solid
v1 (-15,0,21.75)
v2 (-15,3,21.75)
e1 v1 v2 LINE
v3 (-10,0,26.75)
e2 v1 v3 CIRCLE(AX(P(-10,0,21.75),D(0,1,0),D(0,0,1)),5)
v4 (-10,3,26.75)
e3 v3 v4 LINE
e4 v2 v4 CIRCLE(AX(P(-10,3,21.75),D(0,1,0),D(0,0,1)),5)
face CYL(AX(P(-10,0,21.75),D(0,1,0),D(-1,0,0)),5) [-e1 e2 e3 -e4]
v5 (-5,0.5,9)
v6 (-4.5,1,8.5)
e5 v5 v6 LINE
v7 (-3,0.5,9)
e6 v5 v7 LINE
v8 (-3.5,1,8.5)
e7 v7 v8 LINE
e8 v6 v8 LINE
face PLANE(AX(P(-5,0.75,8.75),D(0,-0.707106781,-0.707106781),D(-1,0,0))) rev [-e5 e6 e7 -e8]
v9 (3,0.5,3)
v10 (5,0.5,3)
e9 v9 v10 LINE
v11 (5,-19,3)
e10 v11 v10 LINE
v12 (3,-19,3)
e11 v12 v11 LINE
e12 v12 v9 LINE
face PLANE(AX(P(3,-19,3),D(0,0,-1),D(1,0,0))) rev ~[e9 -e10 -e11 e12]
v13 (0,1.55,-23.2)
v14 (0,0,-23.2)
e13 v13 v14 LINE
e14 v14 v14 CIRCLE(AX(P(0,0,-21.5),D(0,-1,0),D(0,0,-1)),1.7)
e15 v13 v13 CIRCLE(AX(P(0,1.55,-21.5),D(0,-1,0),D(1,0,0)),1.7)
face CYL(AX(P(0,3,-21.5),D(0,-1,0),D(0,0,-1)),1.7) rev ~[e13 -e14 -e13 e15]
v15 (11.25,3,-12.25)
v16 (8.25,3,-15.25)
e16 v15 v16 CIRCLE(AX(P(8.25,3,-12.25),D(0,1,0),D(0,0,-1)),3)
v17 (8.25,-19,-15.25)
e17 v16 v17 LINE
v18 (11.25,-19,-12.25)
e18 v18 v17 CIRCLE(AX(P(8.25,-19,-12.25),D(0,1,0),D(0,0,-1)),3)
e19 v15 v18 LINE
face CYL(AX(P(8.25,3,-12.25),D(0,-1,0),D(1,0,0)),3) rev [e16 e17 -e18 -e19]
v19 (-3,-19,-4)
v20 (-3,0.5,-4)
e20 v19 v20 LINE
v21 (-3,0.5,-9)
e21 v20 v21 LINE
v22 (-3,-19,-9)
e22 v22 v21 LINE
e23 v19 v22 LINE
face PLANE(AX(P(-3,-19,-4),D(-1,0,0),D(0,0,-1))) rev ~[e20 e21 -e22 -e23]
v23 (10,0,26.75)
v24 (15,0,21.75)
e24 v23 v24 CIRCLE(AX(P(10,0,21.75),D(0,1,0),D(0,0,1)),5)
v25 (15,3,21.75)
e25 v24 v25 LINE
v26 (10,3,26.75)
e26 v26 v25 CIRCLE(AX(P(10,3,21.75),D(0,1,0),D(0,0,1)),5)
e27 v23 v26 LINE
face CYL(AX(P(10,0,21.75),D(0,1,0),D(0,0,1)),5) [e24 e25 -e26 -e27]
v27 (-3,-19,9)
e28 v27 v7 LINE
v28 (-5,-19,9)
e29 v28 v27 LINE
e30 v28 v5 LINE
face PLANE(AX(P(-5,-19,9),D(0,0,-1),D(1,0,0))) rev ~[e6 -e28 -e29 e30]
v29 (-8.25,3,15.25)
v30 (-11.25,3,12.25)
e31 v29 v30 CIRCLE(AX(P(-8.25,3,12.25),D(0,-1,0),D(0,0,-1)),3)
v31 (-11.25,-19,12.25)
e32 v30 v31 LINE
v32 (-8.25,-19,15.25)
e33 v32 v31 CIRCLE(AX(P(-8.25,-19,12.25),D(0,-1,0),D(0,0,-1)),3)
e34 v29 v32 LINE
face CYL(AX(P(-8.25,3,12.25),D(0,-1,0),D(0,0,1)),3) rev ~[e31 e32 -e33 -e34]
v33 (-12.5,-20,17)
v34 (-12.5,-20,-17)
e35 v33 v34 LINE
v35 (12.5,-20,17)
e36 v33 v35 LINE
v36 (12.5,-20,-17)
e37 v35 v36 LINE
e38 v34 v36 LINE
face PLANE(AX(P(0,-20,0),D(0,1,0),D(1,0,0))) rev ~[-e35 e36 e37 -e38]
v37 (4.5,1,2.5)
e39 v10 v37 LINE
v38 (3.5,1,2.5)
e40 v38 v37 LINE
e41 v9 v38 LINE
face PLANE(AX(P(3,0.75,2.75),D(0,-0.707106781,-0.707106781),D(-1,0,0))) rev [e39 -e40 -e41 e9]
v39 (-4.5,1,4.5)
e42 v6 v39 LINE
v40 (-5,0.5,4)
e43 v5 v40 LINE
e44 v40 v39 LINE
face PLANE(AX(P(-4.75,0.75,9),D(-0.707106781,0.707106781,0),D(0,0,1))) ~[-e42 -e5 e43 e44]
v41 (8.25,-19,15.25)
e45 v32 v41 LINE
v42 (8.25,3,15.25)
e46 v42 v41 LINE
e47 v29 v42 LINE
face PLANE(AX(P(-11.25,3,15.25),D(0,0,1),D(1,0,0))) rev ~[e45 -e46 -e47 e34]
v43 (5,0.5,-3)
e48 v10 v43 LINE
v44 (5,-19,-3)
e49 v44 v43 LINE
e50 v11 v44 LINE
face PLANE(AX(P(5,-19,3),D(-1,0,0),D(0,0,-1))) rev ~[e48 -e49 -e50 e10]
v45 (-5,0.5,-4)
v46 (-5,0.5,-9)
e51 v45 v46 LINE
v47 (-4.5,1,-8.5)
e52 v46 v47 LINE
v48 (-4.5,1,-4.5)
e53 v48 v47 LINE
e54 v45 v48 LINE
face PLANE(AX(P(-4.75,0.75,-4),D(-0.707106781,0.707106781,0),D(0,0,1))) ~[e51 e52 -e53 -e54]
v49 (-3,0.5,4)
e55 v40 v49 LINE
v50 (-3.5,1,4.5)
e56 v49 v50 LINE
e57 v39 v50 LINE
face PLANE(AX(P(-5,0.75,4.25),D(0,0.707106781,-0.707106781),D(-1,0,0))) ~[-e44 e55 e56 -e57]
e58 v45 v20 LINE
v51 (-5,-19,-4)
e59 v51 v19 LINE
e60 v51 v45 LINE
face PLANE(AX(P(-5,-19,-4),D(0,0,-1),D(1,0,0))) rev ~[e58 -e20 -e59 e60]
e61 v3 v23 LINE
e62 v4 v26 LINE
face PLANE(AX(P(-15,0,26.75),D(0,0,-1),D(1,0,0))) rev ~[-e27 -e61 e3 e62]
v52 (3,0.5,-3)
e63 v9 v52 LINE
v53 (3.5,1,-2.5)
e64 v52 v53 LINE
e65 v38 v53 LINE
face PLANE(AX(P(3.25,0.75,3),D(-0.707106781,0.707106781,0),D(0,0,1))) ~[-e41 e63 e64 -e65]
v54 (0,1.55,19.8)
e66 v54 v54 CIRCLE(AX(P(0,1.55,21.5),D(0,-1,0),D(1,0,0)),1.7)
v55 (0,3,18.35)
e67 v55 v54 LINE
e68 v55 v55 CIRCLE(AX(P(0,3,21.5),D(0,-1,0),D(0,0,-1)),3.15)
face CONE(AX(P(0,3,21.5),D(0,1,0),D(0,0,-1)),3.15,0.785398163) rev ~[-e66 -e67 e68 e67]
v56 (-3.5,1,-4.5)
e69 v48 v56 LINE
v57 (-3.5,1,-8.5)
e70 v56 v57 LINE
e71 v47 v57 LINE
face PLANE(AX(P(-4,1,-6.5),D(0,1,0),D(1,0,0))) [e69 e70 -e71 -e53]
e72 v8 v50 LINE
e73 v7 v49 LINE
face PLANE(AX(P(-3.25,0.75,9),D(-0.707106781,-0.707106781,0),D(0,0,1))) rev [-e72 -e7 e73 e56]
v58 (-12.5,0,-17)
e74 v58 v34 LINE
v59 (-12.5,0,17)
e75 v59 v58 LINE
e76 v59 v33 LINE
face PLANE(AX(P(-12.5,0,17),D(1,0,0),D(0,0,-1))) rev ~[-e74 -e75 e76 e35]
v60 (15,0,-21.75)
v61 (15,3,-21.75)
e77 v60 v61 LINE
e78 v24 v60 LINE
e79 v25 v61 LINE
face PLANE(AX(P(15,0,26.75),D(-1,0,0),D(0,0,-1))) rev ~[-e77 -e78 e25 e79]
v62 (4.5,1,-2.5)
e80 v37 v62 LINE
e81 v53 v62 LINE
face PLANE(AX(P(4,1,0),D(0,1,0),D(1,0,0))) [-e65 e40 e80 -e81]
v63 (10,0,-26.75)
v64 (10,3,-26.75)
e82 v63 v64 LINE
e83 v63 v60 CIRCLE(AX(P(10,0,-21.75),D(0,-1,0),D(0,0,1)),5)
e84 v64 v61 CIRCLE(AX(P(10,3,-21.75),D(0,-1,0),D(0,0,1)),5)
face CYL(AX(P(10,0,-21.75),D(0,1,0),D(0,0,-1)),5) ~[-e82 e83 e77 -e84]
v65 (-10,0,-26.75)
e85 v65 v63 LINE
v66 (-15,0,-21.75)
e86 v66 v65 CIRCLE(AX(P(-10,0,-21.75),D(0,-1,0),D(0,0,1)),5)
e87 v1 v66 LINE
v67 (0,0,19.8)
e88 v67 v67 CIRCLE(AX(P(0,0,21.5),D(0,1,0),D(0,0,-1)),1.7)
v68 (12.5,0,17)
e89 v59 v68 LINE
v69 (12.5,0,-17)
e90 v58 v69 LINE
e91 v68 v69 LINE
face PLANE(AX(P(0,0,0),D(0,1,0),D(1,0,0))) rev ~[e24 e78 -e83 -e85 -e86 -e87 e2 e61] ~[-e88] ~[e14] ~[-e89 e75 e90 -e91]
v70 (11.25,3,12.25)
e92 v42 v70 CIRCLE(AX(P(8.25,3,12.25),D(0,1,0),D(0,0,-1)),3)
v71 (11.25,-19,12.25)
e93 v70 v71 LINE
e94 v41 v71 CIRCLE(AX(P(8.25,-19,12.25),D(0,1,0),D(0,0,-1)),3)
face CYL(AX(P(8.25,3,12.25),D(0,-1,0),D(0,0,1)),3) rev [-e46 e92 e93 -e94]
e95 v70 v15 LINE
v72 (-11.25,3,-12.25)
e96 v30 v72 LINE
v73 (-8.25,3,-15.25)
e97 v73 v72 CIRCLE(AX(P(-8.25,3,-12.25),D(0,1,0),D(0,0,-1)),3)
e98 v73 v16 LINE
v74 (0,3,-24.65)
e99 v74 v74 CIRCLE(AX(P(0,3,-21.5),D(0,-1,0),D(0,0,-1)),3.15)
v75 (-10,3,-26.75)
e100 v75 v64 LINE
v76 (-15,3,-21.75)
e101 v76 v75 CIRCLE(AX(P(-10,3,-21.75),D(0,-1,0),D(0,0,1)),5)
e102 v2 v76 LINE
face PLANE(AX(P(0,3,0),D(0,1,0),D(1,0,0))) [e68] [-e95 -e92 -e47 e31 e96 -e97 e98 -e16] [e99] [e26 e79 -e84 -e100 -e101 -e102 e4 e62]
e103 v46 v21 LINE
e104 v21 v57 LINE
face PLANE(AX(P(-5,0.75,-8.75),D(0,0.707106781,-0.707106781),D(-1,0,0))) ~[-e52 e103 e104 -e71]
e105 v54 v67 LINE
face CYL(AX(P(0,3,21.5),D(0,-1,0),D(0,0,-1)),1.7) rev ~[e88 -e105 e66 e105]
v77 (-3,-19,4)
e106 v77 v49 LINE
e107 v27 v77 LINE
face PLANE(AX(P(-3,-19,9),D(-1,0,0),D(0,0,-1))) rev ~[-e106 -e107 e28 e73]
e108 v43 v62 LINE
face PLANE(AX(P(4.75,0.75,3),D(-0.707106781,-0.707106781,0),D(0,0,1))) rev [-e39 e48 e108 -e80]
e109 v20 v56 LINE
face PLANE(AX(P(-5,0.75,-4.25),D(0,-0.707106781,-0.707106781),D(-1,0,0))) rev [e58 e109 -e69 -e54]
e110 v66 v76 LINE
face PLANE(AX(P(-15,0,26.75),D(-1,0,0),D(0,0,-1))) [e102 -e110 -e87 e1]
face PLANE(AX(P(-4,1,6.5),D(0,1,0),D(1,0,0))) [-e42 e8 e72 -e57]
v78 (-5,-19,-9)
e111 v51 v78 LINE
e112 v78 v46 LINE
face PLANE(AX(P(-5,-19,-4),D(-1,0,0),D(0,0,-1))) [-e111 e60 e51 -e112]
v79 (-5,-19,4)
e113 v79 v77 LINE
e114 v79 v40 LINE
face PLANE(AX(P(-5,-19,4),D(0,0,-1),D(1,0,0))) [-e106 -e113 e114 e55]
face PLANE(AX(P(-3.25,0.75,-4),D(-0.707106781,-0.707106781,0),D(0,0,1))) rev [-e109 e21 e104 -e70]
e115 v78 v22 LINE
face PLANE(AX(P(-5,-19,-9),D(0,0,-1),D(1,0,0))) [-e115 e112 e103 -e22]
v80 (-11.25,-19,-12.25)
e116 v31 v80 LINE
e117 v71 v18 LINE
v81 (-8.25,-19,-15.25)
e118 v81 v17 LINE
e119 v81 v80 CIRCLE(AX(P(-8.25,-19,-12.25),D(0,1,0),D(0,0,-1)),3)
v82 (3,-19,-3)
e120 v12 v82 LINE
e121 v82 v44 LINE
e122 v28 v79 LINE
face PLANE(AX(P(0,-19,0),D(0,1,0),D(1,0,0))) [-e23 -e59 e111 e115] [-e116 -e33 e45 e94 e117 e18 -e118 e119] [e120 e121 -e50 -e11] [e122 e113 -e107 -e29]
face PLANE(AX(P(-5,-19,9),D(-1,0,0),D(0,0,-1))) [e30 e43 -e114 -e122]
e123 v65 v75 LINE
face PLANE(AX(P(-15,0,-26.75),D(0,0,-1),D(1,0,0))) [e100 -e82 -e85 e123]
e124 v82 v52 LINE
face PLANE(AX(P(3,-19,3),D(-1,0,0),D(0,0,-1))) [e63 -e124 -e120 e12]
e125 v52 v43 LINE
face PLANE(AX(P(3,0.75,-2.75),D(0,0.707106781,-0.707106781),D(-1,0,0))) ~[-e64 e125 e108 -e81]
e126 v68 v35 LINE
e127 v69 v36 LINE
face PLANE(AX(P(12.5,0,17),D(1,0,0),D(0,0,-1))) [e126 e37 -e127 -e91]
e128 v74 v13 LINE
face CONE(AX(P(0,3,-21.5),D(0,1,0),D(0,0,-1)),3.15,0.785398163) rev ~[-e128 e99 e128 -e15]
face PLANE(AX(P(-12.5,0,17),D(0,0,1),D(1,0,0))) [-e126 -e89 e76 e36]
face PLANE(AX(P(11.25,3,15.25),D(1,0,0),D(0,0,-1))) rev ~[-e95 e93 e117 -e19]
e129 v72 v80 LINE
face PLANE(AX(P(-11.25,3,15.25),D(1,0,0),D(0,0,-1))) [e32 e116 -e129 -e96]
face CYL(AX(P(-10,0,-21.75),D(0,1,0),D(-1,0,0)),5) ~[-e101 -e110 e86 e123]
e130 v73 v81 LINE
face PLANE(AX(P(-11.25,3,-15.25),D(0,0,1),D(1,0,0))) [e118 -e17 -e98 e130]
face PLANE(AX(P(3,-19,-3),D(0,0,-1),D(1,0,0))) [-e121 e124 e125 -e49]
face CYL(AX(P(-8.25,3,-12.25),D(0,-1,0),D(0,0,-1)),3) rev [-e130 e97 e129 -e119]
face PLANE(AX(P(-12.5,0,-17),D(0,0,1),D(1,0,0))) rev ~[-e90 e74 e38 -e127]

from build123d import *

# Parameters (mm, degrees)
SKETCH1_W                                       = 25
SKETCH1_H                                       = 34
BOSS_EXTRUDE1_DEPTH                             = 20
SKETCH2_W                                       = 30
SKETCH2_H                                       = 53.5
BOSS_EXTRUDE2_DEPTH                             = 3
FILLET1_R                                       = 5
SKETCH3_W                                       = 22.5
SKETCH3_H                                       = 30.5
CUT_EXTRUDE1_DEPTH                              = 22
FILLET2_R                                       = 3
SKETCH4_W                                       = 2
SKETCH4_H                                       = 6
SKETCH4_H_2                                     = 5
BOSS_EXTRUDE3_DEPTH                             = 20
CHAMFER1_SIZE                                   = 0.5
CSK_FOR_M3_FLAT_HEAD_MACHINE_SCREW1_D           = 3.4
CSK_FOR_M3_FLAT_HEAD_MACHINE_SCREW1_DEPTH       = 3
CSK_FOR_M3_FLAT_HEAD_MACHINE_SCREW1_CSINK_D     = 6.3
CSK_FOR_M3_FLAT_HEAD_MACHINE_SCREW1_CSINK_ANGLE = 90
CSK_FOR_M3_FLAT_HEAD_MACHINE_SCREW1_TIP         = 1.021463052


with BuildPart() as part:
    # Sketch1 → Boss-Extrude1 (new body)
    with BuildSketch(Plane(origin=(0, 0, 0), x_dir=(1, 0, 0), z_dir=(0, 1, 0))):
        Rectangle(SKETCH1_W, SKETCH1_H)
    extrude(amount=-BOSS_EXTRUDE1_DEPTH)

    # Sketch2 → Boss-Extrude2 (add)
    with BuildSketch(Plane(origin=(0, 0, 0), x_dir=(1, 0, 0), z_dir=(0, 1, 0))):
        Rectangle(SKETCH2_W, SKETCH2_H)
    extrude(amount=BOSS_EXTRUDE2_DEPTH)

    # Fillet1
    fillet1_edges = [part.edges().sort_by_distance(p)[0] for p in [
        (15, 1.5, 26.75),
        (15, 1.5, -26.75),
        (-15, 1.5, -26.75),
        (-15, 1.5, 26.75),
    ]]
    fillet(fillet1_edges, radius=FILLET1_R)

    # Sketch3 → Cut-Extrude1 (cut)
    with BuildSketch(Plane(origin=(0, 3, 0), x_dir=(1, 0, 0), z_dir=(0, 1, 0))):
        Rectangle(SKETCH3_W, SKETCH3_H)
    extrude(amount=-CUT_EXTRUDE1_DEPTH, mode=Mode.SUBTRACT)

    # Fillet2
    fillet2_edges = [part.edges().sort_by_distance(p)[0] for p in [
        (11.25, -8, -15.25),
        (11.25, -8, 15.25),
        (-11.25, -8, 15.25),
        (-11.25, -8, -15.25),
    ]]
    fillet(fillet2_edges, radius=FILLET2_R)

    # Sketch4 → Boss-Extrude3 (add)
    with BuildSketch(Plane(origin=(0, -19, 0), x_dir=(1, 0, 0), z_dir=(0, 1, 0))):
        with Locations((4, 0)):
            Rectangle(SKETCH4_W, SKETCH4_H)
        with Locations((-4, 6.5)):
            Rectangle(SKETCH4_W, SKETCH4_H_2)
        with Locations((-4, -6.5)):
            Rectangle(SKETCH4_W, SKETCH4_H_2)
    extrude(amount=BOSS_EXTRUDE3_DEPTH)

    # Chamfer1
    chamfer1_edges = [part.edges().sort_by_distance(p)[0] for p in [
        (-3, 1, -6.5),
        (-4, 1, -9),
        (-5, 1, -6.5),
        (-4, 1, -4),
        (-5, 1, 6.5),
        (-4, 1, 9),
        (-3, 1, 6.5),
        (-4, 1, 4),
        (5, 1, 0),
        (4, 1, -3),
        (3, 1, 0),
        (4, 1, 3),
    ]]
    chamfer(chamfer1_edges, length=CHAMFER1_SIZE)

    # CSK for M3 Flat Head Machine Screw1
    with Locations(Plane(origin=(0, 3, -21.5), x_dir=(0, 0, 1), z_dir=(0, 1, 0))):
        with Locations((0, 0), (43, 0)):
            CounterSinkHole(CSK_FOR_M3_FLAT_HEAD_MACHINE_SCREW1_D / 2, CSK_FOR_M3_FLAT_HEAD_MACHINE_SCREW1_CSINK_D / 2, depth=CSK_FOR_M3_FLAT_HEAD_MACHINE_SCREW1_DEPTH, counter_sink_angle=CSK_FOR_M3_FLAT_HEAD_MACHINE_SCREW1_CSINK_ANGLE)
            with Locations((0, 0, -(CSK_FOR_M3_FLAT_HEAD_MACHINE_SCREW1_DEPTH + CSK_FOR_M3_FLAT_HEAD_MACHINE_SCREW1_TIP / 2))):  # 118° drill point
                Cone(0, CSK_FOR_M3_FLAT_HEAD_MACHINE_SCREW1_D / 2, CSK_FOR_M3_FLAT_HEAD_MACHINE_SCREW1_TIP, mode=Mode.SUBTRACT)


solid = part.part
